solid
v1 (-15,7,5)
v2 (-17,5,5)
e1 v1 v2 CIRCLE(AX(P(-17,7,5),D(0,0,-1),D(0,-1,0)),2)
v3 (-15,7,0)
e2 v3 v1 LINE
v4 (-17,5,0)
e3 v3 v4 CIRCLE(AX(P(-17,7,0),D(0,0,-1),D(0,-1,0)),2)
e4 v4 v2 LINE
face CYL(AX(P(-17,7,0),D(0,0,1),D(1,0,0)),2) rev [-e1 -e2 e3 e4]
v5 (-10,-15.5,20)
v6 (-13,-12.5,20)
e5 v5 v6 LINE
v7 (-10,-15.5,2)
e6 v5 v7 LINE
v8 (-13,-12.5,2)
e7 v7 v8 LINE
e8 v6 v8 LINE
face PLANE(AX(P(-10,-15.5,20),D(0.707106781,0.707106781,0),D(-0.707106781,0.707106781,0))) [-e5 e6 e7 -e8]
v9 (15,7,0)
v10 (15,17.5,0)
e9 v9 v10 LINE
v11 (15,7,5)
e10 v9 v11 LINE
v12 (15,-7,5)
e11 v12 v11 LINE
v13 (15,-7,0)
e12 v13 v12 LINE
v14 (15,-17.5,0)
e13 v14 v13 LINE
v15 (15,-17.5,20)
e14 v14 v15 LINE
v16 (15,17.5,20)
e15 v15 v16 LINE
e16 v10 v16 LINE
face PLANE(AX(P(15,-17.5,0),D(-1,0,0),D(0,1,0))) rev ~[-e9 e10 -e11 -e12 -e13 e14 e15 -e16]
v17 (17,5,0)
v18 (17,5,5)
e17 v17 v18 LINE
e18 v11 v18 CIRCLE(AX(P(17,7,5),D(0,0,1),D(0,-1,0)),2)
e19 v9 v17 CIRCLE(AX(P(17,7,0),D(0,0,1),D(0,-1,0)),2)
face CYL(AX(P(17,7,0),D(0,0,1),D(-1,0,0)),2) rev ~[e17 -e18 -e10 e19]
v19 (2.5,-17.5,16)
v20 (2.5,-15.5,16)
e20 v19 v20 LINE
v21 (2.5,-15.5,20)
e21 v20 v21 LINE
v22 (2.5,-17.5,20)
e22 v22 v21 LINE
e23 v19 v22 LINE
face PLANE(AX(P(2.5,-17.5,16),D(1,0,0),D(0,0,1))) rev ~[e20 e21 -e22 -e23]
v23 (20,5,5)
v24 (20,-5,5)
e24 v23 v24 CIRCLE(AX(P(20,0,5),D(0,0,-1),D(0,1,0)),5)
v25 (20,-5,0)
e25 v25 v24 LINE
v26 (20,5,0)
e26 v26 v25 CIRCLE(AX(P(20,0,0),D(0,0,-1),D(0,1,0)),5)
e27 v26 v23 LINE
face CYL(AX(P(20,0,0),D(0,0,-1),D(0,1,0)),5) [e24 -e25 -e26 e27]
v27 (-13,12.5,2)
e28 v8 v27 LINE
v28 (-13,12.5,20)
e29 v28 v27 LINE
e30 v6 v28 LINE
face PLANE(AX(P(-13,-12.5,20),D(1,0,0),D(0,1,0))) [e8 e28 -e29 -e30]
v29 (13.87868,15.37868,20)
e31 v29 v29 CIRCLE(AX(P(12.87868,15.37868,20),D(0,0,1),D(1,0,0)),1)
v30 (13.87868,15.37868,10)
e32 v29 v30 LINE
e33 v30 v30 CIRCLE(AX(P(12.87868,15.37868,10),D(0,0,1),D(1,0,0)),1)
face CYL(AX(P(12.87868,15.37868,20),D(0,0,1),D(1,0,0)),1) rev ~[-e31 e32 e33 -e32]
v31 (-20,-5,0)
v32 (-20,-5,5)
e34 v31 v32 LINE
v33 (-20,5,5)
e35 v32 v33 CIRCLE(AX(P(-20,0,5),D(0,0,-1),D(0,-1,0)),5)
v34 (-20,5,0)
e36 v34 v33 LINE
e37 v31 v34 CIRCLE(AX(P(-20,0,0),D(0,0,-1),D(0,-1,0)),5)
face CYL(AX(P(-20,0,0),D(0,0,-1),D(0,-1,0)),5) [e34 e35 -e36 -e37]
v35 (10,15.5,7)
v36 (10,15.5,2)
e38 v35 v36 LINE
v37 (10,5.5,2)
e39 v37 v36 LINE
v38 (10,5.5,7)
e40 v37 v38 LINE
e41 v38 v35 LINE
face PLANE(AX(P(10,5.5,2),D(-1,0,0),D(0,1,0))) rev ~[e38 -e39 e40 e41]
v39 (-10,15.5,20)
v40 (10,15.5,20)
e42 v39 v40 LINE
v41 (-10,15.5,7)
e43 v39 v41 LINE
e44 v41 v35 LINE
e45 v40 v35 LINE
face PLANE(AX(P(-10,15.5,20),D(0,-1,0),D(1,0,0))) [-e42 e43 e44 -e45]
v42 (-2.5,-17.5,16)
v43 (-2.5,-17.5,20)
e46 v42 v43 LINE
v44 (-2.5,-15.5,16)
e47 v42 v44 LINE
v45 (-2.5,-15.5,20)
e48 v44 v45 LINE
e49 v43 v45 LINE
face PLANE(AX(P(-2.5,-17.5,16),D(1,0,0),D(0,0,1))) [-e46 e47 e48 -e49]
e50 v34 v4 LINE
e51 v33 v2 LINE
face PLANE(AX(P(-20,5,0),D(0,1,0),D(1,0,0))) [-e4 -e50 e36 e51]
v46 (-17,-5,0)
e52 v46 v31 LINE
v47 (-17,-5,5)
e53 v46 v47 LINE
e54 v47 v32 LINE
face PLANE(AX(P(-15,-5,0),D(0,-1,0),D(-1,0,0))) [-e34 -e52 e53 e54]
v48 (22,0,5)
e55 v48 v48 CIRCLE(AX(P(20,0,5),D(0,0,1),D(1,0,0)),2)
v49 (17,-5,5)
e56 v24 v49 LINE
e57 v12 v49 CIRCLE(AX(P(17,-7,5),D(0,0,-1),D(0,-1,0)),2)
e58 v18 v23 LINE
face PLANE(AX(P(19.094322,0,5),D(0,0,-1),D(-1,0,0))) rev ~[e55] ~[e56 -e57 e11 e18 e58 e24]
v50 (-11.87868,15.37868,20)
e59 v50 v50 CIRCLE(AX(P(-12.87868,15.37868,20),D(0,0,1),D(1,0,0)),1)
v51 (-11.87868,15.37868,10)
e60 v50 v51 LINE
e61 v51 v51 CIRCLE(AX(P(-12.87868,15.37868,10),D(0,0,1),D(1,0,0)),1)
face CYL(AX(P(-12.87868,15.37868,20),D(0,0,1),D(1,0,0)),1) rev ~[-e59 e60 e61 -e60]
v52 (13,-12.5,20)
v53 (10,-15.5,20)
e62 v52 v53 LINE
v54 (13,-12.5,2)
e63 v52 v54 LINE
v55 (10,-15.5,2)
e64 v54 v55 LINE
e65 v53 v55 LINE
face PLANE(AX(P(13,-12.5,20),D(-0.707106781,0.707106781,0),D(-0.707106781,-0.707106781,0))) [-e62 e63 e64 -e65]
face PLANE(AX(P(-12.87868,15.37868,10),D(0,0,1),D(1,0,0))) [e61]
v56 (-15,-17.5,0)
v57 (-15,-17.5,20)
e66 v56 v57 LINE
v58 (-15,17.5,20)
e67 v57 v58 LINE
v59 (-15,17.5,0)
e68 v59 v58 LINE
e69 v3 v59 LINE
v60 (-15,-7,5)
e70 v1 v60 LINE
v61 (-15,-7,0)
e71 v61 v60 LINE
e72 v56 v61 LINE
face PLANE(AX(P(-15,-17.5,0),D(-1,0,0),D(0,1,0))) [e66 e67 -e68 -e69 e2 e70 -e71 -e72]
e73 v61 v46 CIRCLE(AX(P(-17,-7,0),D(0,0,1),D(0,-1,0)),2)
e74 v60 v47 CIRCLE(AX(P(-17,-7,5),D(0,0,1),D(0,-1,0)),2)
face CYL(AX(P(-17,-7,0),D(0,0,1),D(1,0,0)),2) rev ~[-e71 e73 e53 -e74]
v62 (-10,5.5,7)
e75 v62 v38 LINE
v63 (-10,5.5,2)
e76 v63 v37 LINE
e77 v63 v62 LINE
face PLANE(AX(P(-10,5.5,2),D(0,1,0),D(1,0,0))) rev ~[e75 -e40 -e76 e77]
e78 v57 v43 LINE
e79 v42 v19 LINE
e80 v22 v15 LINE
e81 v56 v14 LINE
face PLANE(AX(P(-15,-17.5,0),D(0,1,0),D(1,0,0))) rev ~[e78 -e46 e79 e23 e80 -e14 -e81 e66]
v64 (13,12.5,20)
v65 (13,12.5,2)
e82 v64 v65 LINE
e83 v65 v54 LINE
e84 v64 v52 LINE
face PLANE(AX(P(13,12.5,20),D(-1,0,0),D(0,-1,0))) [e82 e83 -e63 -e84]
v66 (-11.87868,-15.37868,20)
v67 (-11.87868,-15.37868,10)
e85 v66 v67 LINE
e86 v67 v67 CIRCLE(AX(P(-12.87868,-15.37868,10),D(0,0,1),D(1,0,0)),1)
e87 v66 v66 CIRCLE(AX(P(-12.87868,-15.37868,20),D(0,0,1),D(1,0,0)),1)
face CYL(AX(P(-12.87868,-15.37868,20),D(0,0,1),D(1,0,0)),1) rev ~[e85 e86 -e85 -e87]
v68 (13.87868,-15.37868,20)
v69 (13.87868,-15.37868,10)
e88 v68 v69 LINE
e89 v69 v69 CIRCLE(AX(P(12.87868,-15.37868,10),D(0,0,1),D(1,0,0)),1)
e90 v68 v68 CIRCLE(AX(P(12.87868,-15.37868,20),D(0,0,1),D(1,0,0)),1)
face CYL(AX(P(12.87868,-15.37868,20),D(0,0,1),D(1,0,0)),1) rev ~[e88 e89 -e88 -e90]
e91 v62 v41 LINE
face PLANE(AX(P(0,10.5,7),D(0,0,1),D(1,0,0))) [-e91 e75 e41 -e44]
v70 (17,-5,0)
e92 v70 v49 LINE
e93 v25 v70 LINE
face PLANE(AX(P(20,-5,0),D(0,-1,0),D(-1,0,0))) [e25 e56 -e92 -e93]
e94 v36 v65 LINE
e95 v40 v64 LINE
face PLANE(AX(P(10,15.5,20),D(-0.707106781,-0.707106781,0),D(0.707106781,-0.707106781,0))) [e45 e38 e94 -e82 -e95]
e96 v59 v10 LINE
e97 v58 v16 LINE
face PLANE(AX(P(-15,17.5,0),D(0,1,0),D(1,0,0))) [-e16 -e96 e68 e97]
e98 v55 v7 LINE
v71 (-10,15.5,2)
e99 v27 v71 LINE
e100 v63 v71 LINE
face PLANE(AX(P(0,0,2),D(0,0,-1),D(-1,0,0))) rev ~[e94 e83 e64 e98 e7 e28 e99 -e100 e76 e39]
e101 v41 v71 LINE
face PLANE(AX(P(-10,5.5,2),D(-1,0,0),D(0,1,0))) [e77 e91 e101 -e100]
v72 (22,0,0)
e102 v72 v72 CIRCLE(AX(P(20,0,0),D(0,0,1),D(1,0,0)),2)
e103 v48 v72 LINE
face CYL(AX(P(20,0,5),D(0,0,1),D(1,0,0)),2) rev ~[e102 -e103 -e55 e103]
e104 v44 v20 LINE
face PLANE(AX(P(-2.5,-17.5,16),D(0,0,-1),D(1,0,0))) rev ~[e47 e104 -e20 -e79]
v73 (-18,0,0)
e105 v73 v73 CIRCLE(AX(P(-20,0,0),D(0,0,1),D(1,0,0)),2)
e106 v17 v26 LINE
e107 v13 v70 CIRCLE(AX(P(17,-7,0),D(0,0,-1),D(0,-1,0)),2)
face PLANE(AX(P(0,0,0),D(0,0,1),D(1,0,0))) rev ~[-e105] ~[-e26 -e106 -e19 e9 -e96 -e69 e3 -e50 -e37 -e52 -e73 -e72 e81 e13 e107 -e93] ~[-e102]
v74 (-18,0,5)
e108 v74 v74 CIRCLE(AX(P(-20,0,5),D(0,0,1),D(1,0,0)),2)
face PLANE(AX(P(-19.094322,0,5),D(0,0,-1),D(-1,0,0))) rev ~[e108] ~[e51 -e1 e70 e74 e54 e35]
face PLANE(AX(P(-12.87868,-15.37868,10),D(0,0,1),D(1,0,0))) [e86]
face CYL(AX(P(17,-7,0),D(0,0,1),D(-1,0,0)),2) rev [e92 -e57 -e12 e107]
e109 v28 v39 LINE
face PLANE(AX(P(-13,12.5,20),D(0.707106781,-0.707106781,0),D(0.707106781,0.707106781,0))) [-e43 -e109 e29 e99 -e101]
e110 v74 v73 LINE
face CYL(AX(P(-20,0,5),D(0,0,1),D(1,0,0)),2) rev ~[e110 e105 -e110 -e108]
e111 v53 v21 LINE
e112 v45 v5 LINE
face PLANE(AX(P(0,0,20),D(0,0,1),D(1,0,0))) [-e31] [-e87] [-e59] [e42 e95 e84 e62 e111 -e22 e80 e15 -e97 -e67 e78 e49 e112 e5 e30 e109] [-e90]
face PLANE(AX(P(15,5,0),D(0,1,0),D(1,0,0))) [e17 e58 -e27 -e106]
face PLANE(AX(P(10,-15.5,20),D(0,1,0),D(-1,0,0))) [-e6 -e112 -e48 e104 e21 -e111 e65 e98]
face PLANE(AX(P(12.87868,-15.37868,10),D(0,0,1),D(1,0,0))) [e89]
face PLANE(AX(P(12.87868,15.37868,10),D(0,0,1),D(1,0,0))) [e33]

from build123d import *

# Parameters (mm, degrees)
ESQUISSE1_W             = 30
ESQUISSE1_H             = 35
BOSS_EXTRU_1_DEPTH      = 20
ENL_V_MAT_EXTRU_1_DEPTH = 18
BOSS_EXTRU_2_DEPTH      = 5
ENL_V_MAT_EXTRU_2_REACH = 7
ESQUISSE4_R             = 2
ESQUISSE5_W             = 20
ESQUISSE5_H             = 10
BOSS_EXTRU_3_DEPTH      = 5
ENL_V_MAT_EXTRU_3_REACH = 37
ESQUISSE6_W             = 5
ESQUISSE6_H             = 4
CONG_1_R                = 2
ESQUISSE7_R             = 1
ENL_V_MAT_EXTRU_4_DEPTH = 10


with BuildPart() as part:
    # Esquisse1 → Boss.-Extru.1 (new body)
    with BuildSketch(Plane.XY):
        Rectangle(ESQUISSE1_W, ESQUISSE1_H)
    extrude(amount=BOSS_EXTRU_1_DEPTH)

    # Esquisse2 → Enlèv. mat.-Extru.1 (cut)
    with BuildSketch(Plane.XY.offset(20)):
        Polygon((-10, 15.5), (10, 15.5), (13, 12.5), (13, -12.5), (10, -15.5), (-10, -15.5), (-13, -12.5), (-13, 12.5), align=None)
    extrude(amount=-ENL_V_MAT_EXTRU_1_DEPTH, mode=Mode.SUBTRACT)

    # Esquisse3 → Boss.-Extru.2 (add)
    with BuildSketch(Plane(origin=(0, 0, 0), x_dir=(-1, 0, 0), z_dir=(0, 0, -1))):
        with BuildLine():
            Line((-15, 5), (-20, 5))
            ThreePointArc((-20, 5), (-25, 0), (-20, -5))
            Line((-20, -5), (-15, -5))
            Line((-15, -5), (-15, 5))
        make_face()
        with BuildLine():
            Line((15, 5), (15, -5))
            Line((15, -5), (20, -5))
            ThreePointArc((20, -5), (25, 0), (20, 5))
            Line((20, 5), (15, 5))
        make_face()
    extrude(amount=-BOSS_EXTRU_2_DEPTH)

    # Esquisse4 → Enlèv. mat.-Extru.2 (cut, up to next)
    with BuildSketch(Plane.XY.offset(5), mode=Mode.PRIVATE) as enl_v_mat_extru_2_sk1:
        with Locations((-20, 0)):
            Circle(ESQUISSE4_R)
    enl_v_mat_extru_2_tool1 = extrude(enl_v_mat_extru_2_sk1.sketch, amount=-ENL_V_MAT_EXTRU_2_REACH, mode=Mode.PRIVATE) & part.part
    add(enl_v_mat_extru_2_tool1.solids().sort_by_distance((-20, 0, 5))[0], mode=Mode.SUBTRACT)
    # Esquisse4 → Enlèv. mat.-Extru.2 (cut, up to next)
    with BuildSketch(Plane.XY.offset(5), mode=Mode.PRIVATE) as enl_v_mat_extru_2_sk2:
        with Locations((20, 0)):
            Circle(ESQUISSE4_R)
    enl_v_mat_extru_2_tool2 = extrude(enl_v_mat_extru_2_sk2.sketch, amount=-ENL_V_MAT_EXTRU_2_REACH, mode=Mode.PRIVATE) & part.part
    add(enl_v_mat_extru_2_tool2.solids().sort_by_distance((20, 0, 5))[0], mode=Mode.SUBTRACT)

    # Esquisse5 → Boss.-Extru.3 (add)
    with BuildSketch(Plane.XY.offset(2)):
        with Locations((0, 10.5)):
            Rectangle(ESQUISSE5_W, ESQUISSE5_H)
    extrude(amount=BOSS_EXTRU_3_DEPTH)

    # Esquisse6 → Enlèv. mat.-Extru.3 (cut, up to next)
    with BuildSketch(Plane.XZ.offset(17.5), mode=Mode.PRIVATE) as enl_v_mat_extru_3_sk1:
        with Locations((0, 18)):
            Rectangle(ESQUISSE6_W, ESQUISSE6_H)
    enl_v_mat_extru_3_tool1 = extrude(enl_v_mat_extru_3_sk1.sketch, amount=-ENL_V_MAT_EXTRU_3_REACH, mode=Mode.PRIVATE) & part.part
    add(enl_v_mat_extru_3_tool1.solids().sort_by_distance((0, -17.5, 18))[0], mode=Mode.SUBTRACT)

    # Congé1
    cong_1_edges = [part.edges().sort_by_distance(p)[0] for p in [
        (15, -5, 2.5),
        (15, 5, 2.5),
        (-15, 5, 2.5),
        (-15, -5, 2.5),
    ]]
    fillet(cong_1_edges, radius=CONG_1_R)

    # Esquisse7 → Enlèv. mat.-Extru.4 (cut)
    with BuildSketch(Plane.XY.offset(20)):
        with Locations((-12.878679656, 15.378679656)):
            Circle(ESQUISSE7_R)
        with Locations((-12.878679656, -15.378679656)):
            Circle(ESQUISSE7_R)
        with Locations((12.878679656, -15.378679656)):
            Circle(ESQUISSE7_R)
        with Locations((12.878679656, 15.378679656)):
            Circle(ESQUISSE7_R)
    extrude(amount=-ENL_V_MAT_EXTRU_4_DEPTH, mode=Mode.SUBTRACT)


solid = part.part
